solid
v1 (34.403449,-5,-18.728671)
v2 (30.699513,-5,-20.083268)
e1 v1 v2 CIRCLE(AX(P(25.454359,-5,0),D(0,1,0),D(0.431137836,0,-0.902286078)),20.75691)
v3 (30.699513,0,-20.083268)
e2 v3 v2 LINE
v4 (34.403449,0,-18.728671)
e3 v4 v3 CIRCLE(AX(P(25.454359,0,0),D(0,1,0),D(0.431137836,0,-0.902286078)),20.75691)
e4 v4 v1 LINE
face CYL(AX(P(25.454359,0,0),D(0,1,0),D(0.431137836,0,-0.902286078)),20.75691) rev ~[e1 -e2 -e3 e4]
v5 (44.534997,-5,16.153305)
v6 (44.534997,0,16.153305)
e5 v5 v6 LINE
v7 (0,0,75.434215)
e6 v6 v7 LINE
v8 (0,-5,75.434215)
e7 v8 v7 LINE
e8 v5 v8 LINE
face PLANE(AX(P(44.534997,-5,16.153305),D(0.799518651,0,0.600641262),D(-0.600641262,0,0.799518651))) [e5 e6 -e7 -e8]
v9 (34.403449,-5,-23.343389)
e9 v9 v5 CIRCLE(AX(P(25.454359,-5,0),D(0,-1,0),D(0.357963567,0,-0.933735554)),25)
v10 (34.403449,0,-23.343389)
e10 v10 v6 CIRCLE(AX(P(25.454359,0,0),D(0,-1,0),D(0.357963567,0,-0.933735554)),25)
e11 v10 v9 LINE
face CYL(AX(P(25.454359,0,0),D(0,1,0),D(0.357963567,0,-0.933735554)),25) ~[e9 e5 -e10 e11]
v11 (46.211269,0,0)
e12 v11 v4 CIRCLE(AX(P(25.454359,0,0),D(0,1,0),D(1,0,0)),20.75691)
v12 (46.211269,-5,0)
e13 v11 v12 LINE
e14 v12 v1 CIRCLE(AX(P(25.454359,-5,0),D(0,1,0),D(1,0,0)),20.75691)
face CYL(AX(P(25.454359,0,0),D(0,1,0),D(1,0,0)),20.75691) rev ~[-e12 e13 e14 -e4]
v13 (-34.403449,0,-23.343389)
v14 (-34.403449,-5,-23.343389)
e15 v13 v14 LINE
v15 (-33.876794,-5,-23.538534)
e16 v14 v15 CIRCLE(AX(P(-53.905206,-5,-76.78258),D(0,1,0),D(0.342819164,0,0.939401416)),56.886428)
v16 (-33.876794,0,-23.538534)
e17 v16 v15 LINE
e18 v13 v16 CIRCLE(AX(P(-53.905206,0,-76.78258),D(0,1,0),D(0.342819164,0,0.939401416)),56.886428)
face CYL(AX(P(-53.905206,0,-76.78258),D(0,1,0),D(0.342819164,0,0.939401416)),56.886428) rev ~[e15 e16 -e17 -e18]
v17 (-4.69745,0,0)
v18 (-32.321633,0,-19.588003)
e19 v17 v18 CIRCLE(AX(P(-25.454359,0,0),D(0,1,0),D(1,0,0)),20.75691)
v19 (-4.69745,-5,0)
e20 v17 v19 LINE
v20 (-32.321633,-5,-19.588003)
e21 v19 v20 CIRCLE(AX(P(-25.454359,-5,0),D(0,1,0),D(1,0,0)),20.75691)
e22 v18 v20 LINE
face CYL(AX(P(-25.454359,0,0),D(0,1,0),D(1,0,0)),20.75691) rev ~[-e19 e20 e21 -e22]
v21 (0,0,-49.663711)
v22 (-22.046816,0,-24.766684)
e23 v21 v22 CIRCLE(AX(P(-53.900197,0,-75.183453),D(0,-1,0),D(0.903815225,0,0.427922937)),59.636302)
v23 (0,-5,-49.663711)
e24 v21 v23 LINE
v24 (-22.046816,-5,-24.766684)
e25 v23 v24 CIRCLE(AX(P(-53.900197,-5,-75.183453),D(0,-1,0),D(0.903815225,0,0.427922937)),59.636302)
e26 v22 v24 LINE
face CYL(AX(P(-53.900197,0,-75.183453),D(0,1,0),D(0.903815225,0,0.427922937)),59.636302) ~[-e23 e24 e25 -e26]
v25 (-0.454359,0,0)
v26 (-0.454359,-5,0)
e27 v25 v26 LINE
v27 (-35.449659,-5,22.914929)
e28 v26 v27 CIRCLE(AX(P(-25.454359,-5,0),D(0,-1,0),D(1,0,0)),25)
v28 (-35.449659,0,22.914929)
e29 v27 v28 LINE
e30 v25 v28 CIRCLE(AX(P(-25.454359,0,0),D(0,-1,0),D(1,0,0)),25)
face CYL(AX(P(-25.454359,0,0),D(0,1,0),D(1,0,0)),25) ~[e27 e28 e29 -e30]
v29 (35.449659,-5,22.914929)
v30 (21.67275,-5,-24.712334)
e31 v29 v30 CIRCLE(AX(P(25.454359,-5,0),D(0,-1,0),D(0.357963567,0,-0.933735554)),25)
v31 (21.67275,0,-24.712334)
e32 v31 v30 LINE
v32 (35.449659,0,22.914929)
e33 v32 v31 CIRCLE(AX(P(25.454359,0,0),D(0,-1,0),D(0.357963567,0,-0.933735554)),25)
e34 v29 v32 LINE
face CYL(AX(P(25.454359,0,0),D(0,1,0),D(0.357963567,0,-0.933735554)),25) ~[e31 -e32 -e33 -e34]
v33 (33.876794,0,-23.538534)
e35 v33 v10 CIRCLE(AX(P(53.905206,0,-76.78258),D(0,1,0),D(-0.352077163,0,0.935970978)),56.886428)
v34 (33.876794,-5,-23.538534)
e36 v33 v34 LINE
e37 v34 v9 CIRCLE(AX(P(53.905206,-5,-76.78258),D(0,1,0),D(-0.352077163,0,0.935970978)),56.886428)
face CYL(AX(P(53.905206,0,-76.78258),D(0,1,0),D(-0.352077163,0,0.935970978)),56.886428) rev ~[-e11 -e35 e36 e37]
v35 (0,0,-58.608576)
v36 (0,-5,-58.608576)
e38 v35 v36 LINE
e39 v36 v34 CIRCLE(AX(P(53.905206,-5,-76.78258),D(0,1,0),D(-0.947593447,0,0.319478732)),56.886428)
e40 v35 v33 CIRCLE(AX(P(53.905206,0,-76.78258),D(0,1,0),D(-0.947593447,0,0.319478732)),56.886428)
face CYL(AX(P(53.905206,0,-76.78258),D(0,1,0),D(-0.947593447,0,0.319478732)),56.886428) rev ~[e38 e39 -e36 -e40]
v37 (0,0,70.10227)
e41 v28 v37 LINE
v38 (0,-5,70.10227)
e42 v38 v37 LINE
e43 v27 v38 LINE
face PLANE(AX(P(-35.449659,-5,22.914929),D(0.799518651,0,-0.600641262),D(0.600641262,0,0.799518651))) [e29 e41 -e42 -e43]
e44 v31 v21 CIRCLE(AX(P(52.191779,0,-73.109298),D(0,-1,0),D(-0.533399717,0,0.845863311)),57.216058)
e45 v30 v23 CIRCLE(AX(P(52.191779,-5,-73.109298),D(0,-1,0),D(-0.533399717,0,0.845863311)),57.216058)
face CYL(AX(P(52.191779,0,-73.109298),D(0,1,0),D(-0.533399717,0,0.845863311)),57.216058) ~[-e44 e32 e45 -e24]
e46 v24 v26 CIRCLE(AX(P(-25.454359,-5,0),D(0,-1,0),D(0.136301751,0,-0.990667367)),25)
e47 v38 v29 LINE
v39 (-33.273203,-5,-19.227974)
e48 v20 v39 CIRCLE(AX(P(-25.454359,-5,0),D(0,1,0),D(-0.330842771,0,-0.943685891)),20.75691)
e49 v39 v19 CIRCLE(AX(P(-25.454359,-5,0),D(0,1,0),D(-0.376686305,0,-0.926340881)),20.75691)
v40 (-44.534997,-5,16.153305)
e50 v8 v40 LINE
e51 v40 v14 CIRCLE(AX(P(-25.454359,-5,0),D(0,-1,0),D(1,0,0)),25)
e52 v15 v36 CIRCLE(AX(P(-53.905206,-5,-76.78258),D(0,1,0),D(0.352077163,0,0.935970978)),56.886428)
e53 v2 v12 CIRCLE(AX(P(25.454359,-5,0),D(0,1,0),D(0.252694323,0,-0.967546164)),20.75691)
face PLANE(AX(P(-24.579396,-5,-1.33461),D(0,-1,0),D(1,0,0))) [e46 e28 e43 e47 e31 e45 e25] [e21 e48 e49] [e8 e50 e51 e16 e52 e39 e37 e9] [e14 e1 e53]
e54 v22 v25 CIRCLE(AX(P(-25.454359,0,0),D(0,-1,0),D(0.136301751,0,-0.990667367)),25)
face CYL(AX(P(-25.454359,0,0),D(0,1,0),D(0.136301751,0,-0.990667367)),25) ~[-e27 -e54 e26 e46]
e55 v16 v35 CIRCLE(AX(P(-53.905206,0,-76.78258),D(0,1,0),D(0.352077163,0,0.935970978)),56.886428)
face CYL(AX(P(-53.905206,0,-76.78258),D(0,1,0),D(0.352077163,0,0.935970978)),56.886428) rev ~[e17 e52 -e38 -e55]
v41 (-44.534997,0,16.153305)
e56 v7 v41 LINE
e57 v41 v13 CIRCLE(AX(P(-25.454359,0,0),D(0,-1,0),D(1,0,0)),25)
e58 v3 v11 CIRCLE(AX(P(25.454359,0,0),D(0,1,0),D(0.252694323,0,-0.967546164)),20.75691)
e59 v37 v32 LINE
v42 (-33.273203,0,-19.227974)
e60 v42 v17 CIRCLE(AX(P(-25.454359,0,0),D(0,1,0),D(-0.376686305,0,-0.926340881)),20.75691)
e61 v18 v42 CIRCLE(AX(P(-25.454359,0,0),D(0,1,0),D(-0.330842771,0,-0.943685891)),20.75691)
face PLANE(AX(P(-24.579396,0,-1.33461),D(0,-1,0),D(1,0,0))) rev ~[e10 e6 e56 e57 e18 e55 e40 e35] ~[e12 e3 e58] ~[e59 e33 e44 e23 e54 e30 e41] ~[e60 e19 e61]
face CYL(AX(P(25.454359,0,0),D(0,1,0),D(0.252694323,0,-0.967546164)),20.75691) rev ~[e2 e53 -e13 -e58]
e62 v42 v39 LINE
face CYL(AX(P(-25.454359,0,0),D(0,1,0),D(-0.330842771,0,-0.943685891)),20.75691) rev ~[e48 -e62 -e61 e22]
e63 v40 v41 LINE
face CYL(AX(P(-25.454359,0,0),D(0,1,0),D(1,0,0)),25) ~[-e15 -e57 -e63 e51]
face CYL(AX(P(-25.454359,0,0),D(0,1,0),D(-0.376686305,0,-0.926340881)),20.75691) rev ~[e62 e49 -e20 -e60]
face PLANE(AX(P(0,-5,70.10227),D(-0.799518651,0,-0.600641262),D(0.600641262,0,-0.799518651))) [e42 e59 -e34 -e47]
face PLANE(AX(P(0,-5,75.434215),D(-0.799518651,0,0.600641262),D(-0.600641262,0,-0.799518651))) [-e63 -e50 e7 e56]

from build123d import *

# Parameters (mm, degrees)
F1_DEPTH = 5
F3_DEPTH = 5


with BuildPart() as f1:
    # F0 (on Front) → F1 (new body)
    with BuildSketch(Plane.XZ):
        with BuildLine():
            ThreePointArc((-22.0468155789, -24.7666841827), (-6.6104134528, -16.4288071016), (-0.4543593565, 0))
            ThreePointArc((-0.4543593565, 0), (-39.618976734, 20.6000877316), (-34.4034485204, -23.3433888529))
            ThreePointArc((-34.4034485204, -23.3433888529), (-34.13988042, -23.4403115833), (-33.876793996, -23.5385342522))
            ThreePointArc((-33.876793996, -23.5385342522), (-28.0359035944, -24.8663553692), (-22.0468155789, -24.7666841827))
        make_face()
        with BuildLine():
            ThreePointArc((-4.6974495608, 0), (-13.4479875789, -16.9321097623), (-32.3216329124, -19.5880029144))
            ThreePointArc((-32.3216329124, -19.5880029144), (-32.7996241433, -19.4138195489), (-33.2732030007, -19.2279741089))
            ThreePointArc((-33.2732030007, -19.2279741089), (-37.0421605292, 17.2212708081), (-4.6974495608, 0))
        make_face(mode=Mode.SUBTRACT)
        with BuildLine():
            ThreePointArc((50.4543593565, 0), (25.4543593565, 25), (0.4543593565, 0))
            ThreePointArc((0.4543593565, 0), (6.4867521845, -16.2858797174), (21.67274961, -24.7123335144))
            ThreePointArc((21.67274961, -24.7123335144), (27.8478432396, -24.8851609378), (33.876793996, -23.5385342522))
            ThreePointArc((33.876793996, -23.5385342522), (34.13988042, -23.4403115833), (34.4034485204, -23.3433888529))
            ThreePointArc((34.4034485204, -23.3433888529), (46.0544470881, -14.1646173775), (50.4543593565, 0))
        make_face()
        with BuildLine():
            ThreePointArc((34.4034485204, -18.7286707324), (32.5837256191, -19.4941386308), (30.6995126262, -20.0832684452))
            ThreePointArc((30.6995126262, -20.0832684452), (9.0269055436, 12.6881072462), (46.2112691521, 0))
            ThreePointArc((46.2112691521, 0), (43.0129005942, -11.0700918636), (34.4034485204, -18.7286707324))
        make_face(mode=Mode.SUBTRACT)
        with BuildLine():
            ThreePointArc((0, -49.6637113392), (-9.2528617859, -35.6473438574), (-22.0468155789, -24.7666841827))
            ThreePointArc((-22.0468155789, -24.7666841827), (-28.0359035944, -24.8663553692), (-33.876793996, -23.5385342522))
            ThreePointArc((-33.876793996, -23.5385342522), (-12.9903930203, -37.2598807121), (0, -58.6085758378))
            Line((0, -58.6085758378), (0, -49.6637113392))
        make_face()
        with BuildLine():
            ThreePointArc((21.67274961, -24.7123335144), (8.9955723313, -35.5891026648), (0, -49.6637113392))
            Line((0, -49.6637113392), (0, -58.6085758378))
            ThreePointArc((0, -58.6085758378), (12.9903930203, -37.2598807121), (33.876793996, -23.5385342522))
            ThreePointArc((33.876793996, -23.5385342522), (27.8478432396, -24.8851609378), (21.67274961, -24.7123335144))
        make_face()
    extrude(amount=F1_DEPTH)

    # F2 (on face) → F3 (join)
    with BuildSketch(Plane.XZ.offset(5)):
        with BuildLine():
            Line((0, 75.4342153668), (-44.5349970754, 16.1533050563))
            ThreePointArc((-44.5349970754, 16.1533050563), (-40.3802571517, 20.0553627493), (-35.4496590764, 22.9149292713))
            Line((-35.4496590764, 22.9149292713), (0, 70.1022695262))
            Line((0, 70.1022695262), (35.4496590764, 22.9149292713))
            ThreePointArc((35.4496590764, 22.9149292713), (40.3802571517, 20.0553627493), (44.5349970754, 16.1533050563))
            Line((44.5349970754, 16.1533050563), (0, 75.4342153668))
        make_face()
    extrude(amount=-F3_DEPTH)


solid = f1.part
